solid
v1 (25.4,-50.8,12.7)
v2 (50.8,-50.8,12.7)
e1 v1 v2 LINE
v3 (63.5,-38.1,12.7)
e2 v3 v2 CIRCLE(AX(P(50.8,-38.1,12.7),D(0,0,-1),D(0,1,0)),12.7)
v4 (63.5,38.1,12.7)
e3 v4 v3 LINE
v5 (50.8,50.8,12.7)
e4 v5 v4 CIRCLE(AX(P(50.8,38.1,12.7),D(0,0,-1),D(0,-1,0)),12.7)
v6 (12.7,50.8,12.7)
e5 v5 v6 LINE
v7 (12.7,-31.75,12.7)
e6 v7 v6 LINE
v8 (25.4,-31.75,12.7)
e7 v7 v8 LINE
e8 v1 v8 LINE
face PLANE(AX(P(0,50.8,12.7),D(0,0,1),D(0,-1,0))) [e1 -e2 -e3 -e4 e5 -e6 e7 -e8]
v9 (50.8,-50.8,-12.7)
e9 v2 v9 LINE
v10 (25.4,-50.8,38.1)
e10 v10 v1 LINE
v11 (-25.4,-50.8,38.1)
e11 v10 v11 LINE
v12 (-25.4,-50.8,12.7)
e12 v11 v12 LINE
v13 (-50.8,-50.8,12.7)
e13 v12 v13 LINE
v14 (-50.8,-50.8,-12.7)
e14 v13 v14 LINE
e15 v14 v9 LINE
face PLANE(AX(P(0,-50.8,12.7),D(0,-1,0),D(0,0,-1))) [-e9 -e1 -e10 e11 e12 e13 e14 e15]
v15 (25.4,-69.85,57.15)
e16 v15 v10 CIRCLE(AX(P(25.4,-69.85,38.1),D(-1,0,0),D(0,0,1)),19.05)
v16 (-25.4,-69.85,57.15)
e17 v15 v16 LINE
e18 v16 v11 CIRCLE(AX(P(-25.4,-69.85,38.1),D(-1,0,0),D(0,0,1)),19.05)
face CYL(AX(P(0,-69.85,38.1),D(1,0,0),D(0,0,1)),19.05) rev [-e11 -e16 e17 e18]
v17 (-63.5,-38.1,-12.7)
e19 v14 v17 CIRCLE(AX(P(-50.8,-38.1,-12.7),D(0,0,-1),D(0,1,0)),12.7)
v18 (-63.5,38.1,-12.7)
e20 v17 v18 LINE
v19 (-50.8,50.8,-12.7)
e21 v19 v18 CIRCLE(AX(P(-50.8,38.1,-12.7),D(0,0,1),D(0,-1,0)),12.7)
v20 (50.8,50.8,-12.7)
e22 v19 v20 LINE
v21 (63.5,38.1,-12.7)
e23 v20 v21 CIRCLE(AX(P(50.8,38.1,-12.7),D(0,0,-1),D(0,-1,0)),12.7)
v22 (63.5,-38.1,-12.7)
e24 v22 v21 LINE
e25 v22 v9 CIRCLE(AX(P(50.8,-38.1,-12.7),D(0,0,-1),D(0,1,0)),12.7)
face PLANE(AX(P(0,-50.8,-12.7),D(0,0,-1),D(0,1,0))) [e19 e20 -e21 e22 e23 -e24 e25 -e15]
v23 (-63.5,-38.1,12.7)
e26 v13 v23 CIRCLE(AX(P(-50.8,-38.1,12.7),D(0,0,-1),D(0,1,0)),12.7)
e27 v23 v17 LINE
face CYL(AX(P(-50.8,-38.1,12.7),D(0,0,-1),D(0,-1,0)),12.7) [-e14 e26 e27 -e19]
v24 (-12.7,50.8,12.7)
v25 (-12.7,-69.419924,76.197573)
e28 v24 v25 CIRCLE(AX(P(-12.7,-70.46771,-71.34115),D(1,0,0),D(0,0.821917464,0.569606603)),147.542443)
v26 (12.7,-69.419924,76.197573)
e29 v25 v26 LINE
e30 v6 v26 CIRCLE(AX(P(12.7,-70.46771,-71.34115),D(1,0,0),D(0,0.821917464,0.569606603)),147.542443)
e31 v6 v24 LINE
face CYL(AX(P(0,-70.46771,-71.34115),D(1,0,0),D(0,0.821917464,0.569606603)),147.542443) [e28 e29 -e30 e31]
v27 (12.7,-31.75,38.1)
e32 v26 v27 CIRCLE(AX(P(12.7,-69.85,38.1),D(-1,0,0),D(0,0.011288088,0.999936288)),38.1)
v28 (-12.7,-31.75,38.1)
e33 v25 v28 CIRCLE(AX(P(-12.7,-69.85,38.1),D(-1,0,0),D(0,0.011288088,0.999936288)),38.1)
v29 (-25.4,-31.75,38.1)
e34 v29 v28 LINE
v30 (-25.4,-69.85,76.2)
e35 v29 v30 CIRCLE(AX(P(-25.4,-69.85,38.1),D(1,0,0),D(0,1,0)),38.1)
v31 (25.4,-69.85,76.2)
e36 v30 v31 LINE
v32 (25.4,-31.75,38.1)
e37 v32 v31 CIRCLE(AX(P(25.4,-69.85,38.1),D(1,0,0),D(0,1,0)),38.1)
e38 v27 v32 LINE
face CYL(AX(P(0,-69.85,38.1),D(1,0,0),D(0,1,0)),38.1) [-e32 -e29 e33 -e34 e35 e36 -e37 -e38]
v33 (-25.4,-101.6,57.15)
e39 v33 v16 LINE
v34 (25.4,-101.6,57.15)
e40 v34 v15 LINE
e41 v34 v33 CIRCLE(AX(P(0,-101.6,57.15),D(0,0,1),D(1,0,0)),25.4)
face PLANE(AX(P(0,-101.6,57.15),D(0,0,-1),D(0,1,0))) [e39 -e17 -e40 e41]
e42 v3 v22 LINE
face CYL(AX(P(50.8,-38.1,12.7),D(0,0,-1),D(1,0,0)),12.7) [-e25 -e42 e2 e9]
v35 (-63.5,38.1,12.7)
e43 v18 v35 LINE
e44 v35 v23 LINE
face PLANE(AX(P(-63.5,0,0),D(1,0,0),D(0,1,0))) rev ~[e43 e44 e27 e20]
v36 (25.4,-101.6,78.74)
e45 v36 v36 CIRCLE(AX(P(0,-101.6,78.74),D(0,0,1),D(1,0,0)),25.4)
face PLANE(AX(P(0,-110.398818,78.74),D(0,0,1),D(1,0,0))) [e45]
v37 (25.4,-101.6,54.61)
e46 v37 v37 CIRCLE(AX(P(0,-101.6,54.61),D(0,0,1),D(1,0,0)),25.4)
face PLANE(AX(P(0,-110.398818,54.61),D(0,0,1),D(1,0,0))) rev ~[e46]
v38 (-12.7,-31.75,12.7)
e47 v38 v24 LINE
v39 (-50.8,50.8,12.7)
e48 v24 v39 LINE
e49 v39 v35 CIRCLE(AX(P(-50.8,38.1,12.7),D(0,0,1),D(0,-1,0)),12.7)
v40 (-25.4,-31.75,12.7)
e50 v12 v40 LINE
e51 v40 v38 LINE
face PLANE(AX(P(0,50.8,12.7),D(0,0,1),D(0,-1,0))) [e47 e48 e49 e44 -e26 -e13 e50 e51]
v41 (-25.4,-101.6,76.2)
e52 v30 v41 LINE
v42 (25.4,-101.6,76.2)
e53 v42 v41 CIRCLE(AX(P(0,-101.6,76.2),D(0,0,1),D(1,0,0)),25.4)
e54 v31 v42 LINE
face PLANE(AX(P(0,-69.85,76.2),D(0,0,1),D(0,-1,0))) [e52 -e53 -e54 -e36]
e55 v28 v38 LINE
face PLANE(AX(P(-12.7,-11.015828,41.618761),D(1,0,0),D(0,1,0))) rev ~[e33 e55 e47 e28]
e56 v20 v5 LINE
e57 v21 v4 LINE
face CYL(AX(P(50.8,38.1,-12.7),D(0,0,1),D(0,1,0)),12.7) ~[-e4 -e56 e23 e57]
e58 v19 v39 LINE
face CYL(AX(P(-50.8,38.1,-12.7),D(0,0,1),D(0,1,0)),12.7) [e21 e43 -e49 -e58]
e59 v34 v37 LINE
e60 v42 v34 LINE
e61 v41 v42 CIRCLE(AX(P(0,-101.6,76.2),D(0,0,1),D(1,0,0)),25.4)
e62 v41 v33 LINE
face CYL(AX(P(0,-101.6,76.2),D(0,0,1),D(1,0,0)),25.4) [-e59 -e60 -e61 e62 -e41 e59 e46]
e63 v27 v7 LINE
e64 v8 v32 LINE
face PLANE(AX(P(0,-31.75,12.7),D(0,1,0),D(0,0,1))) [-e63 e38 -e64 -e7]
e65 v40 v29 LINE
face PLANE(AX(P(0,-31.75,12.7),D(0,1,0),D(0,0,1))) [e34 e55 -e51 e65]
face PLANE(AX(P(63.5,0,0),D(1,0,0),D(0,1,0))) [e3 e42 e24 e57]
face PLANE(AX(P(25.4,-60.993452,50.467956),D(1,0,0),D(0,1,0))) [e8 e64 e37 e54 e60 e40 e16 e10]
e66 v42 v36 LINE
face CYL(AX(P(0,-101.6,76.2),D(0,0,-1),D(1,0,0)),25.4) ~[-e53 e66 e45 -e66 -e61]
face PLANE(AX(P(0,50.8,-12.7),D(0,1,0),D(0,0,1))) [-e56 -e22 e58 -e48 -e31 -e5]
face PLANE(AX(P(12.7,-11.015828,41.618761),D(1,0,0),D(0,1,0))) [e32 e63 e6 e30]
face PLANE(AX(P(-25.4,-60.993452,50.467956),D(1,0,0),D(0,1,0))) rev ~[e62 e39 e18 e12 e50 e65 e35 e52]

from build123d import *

# Parameters (mm, degrees)
F1_DEPTH      = 25.4
F1_DEPTH_BACK = 25.4
F2_DEPTH      = 63.5
F2_DEPTH_BACK = 63.5
F4_DEPTH      = 2.54
F4_DEPTH_BACK = 21.59
F6_DEPTH      = 12.7
F6_DEPTH_BACK = 12.7
F7_R          = 12.7


with BuildPart() as f1:
    # F0 (on Right) → F1 (new body, two sides)
    with BuildSketch(Plane.YZ) as f1_sk:
        with BuildLine():
            Line((-50.8, 38.1), (-50.8, 12.7))
            Line((-50.8, 12.7), (-31.75, 12.7))
            Line((-31.75, 12.7), (-31.75, 38.1))
            ThreePointArc((-31.75, 38.1), (-42.9092316368, 65.0407683632), (-69.85, 76.2))
            Line((-69.85, 76.2), (-101.6, 76.2))
            Line((-101.6, 76.2), (-101.6, 57.15))
            Line((-101.6, 57.15), (-69.85, 57.15))
            ThreePointArc((-69.85, 57.15), (-56.3796158184, 51.5703841816), (-50.8, 38.1))
        make_face()
    extrude(amount=F1_DEPTH)
    extrude(f1_sk.sketch, amount=-F1_DEPTH_BACK)

    # F0 (on Right) → F2 (join, two sides)
    with BuildSketch(Plane.YZ) as f2_sk:
        Polygon((-50.8, 12.7), (-50.8, -12.7), (50.8, -12.7), (50.8, 12.7), (-31.75, 12.7), align=None)
    extrude(amount=F2_DEPTH)
    extrude(f2_sk.sketch, amount=-F2_DEPTH_BACK)

    # F3 (on face) → F4 (join, two sides)
    with BuildSketch(Plane.XY.offset(76.2)) as f4_sk:
        with BuildLine():
            ThreePointArc((-25.4, -101.6), (0, -127), (25.4, -101.6))
            Line((25.4, -101.6), (-25.4, -101.6))
        make_face()
        with BuildLine():
            Line((-25.4, -101.6), (25.4, -101.6))
            ThreePointArc((25.4, -101.6), (0, -76.2), (-25.4, -101.6))
        make_face()
    extrude(amount=F4_DEPTH)
    extrude(f4_sk.sketch, amount=-F4_DEPTH_BACK)

    # F5 (on Right) → F6 (join, two sides)
    with BuildSketch(Plane.YZ) as f6_sk:
        with BuildLine():
            Line((-31.75, 12.7), (50.8, 12.7))
            ThreePointArc((50.8, 12.7), (-1.5601227987, 59.1215530154), (-69.4199238636, 76.1975725541))
            ThreePointArc((-69.4199238636, 76.1975725541), (-42.7576034578, 64.8882819457), (-31.75, 38.1))
            Line((-31.75, 38.1), (-31.75, 12.7))
        make_face()
    extrude(amount=F6_DEPTH)
    extrude(f6_sk.sketch, amount=-F6_DEPTH_BACK)

    # F7
    f7_edges = [f1.edges().sort_by_distance(p)[0] for p in [
        (-63.5, 50.8, 0),
        (-63.5, -50.8, 0),
        (63.5, -50.8, 0),
        (63.5, 50.8, 0),
    ]]
    fillet(f7_edges, radius=F7_R)


solid = f1.part
